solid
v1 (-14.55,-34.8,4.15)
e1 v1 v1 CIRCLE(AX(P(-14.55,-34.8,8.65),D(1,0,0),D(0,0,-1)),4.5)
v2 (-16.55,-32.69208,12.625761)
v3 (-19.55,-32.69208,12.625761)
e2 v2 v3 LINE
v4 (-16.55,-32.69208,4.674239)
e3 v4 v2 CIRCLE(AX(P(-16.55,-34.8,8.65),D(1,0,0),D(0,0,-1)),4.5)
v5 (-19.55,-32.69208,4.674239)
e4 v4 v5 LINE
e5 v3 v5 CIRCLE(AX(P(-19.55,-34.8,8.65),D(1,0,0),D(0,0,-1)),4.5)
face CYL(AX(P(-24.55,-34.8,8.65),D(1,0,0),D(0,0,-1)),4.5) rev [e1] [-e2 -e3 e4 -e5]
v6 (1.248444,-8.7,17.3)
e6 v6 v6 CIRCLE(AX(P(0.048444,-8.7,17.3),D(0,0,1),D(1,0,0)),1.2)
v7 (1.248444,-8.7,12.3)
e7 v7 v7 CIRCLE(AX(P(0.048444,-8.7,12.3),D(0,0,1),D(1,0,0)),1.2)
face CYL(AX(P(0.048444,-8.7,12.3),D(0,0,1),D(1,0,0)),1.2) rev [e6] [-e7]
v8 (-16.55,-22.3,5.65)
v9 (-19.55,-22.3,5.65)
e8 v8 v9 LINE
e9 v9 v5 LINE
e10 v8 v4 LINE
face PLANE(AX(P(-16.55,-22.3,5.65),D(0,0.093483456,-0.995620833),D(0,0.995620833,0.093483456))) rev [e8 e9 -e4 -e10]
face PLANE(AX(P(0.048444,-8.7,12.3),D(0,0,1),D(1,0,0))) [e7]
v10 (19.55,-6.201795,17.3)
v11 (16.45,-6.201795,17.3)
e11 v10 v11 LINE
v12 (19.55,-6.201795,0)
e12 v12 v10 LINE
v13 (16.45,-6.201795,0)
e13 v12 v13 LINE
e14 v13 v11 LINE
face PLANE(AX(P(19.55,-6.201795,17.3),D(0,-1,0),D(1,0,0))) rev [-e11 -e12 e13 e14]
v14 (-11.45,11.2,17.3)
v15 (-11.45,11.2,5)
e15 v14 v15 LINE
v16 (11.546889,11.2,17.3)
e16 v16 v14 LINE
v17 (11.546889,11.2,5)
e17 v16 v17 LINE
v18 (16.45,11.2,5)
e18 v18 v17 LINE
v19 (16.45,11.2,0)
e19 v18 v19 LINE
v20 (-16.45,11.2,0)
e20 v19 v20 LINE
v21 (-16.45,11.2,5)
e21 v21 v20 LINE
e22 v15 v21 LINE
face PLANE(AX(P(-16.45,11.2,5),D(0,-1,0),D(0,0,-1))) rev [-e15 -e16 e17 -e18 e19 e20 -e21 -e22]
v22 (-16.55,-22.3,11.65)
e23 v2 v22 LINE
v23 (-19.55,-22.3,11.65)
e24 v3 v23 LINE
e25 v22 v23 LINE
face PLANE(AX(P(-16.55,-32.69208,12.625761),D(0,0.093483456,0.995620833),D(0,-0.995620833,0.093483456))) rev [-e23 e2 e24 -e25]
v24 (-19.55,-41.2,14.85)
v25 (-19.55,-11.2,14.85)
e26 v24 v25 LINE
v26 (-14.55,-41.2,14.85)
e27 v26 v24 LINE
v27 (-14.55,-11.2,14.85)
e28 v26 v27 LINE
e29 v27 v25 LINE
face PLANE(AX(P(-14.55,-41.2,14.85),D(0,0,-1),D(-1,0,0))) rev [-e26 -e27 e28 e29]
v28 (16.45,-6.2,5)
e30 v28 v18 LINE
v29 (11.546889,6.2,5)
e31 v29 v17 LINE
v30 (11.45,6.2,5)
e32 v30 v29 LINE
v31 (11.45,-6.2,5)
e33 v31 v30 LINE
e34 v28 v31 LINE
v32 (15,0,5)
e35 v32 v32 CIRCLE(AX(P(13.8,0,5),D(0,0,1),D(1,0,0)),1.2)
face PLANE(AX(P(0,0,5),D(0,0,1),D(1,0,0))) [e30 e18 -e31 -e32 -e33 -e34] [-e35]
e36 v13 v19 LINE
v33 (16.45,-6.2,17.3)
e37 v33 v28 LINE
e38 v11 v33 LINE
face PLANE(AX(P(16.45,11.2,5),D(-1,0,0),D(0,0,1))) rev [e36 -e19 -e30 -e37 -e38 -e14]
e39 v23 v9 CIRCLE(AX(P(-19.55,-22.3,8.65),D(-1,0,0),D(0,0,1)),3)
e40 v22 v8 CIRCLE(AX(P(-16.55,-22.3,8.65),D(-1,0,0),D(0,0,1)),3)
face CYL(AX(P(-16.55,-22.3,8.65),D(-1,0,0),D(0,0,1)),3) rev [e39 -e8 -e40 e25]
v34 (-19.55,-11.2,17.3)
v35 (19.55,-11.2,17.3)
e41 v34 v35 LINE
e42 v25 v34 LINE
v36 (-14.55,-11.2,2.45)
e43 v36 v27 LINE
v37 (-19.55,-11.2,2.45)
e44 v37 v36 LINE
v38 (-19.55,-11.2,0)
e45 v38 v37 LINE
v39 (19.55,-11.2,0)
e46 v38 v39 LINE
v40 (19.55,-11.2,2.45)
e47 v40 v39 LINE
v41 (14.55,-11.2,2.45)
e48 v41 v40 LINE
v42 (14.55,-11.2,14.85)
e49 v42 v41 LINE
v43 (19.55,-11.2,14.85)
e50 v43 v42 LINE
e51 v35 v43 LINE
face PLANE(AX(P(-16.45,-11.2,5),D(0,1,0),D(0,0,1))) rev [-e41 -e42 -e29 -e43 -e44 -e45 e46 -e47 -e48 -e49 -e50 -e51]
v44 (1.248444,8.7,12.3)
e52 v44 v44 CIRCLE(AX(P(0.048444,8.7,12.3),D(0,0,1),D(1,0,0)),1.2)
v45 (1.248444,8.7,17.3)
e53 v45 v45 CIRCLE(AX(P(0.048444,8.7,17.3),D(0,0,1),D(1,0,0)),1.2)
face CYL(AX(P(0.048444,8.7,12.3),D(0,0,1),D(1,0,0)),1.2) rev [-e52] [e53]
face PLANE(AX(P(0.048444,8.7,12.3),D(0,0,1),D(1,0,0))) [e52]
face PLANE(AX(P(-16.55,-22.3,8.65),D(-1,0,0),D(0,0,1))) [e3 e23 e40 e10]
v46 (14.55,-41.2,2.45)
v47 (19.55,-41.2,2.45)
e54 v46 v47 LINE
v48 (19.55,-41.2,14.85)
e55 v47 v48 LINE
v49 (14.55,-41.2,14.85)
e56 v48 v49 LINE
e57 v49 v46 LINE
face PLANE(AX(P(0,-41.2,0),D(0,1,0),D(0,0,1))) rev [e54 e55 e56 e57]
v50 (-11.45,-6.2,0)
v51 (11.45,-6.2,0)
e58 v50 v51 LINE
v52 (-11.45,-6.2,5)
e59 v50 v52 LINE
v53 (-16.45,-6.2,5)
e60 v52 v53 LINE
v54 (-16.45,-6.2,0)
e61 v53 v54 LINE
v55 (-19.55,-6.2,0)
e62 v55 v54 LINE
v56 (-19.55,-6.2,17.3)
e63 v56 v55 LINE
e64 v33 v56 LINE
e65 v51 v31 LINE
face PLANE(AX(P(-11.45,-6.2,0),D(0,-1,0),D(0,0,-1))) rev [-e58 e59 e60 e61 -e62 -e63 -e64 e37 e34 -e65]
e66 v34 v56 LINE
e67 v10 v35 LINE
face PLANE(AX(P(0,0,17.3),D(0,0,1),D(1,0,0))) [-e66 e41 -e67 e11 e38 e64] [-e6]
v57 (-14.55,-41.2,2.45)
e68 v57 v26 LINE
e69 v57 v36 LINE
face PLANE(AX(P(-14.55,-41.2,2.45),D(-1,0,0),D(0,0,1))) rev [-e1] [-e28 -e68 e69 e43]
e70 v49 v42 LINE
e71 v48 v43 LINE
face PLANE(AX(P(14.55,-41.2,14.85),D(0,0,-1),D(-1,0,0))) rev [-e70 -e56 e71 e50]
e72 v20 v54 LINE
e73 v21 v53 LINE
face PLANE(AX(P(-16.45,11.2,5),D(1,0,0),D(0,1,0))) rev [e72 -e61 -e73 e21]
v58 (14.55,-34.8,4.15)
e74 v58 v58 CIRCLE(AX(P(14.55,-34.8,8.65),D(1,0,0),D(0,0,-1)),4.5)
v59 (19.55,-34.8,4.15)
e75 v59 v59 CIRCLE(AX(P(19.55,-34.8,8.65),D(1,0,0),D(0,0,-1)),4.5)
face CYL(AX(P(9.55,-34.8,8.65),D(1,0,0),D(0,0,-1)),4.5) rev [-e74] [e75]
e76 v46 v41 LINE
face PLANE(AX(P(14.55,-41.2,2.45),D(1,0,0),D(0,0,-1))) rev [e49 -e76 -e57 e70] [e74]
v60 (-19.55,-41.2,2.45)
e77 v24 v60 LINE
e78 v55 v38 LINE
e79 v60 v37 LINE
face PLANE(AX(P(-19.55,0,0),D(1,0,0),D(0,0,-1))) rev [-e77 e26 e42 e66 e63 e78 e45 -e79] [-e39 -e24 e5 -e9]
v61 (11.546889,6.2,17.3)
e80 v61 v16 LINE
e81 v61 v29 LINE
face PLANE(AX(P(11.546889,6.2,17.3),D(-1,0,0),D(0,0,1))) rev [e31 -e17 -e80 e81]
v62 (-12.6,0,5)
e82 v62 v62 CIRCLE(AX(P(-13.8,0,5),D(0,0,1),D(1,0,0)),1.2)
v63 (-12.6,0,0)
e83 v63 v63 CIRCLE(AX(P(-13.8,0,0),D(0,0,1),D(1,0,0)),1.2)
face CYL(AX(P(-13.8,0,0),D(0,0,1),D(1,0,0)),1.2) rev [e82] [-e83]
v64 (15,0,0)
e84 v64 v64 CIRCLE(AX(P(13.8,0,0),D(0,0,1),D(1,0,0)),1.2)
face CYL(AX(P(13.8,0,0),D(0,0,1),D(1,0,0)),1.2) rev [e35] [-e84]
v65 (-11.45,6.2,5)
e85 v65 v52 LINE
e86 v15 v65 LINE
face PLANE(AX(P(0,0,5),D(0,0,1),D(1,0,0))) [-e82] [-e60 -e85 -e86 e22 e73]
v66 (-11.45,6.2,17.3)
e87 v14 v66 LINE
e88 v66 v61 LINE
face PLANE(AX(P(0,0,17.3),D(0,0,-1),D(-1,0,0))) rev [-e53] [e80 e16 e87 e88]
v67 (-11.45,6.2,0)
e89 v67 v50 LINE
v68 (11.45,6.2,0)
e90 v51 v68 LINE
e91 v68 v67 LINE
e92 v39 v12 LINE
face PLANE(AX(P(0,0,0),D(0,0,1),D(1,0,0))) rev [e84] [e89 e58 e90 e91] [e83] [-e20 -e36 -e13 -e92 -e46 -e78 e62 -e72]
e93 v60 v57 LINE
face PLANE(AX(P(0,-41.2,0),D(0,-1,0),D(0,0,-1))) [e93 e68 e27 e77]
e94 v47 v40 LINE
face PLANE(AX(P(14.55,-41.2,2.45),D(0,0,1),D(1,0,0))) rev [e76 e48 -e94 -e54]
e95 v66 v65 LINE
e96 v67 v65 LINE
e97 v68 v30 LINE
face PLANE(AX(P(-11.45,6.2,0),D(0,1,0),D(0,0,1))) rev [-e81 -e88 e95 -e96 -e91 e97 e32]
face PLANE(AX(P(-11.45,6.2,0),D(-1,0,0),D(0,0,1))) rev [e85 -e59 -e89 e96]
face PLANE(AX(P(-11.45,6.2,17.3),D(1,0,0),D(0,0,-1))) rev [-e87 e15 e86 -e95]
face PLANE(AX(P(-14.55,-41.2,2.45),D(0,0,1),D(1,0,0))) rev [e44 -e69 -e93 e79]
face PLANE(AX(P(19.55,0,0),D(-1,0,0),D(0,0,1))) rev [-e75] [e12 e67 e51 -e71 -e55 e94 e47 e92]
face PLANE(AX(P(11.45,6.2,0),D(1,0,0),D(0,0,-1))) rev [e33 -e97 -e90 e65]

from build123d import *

# Parameters (mm, degrees)
SKETCH1_W           = 32.9
SKETCH1_H           = 22.4
BOSS_EXTRUDE1_DEPTH = 5
SKETCH2_R           = 1.2
SKETCH2_W           = 22.9
SKETCH2_H           = 12.4
CUT_EXTRUDE2_DEPTH  = 5
SKETCH3_W           = 22.996888994
SKETCH3_H           = 5
BOSS_EXTRUDE2_DEPTH = 12.3
SKETCH4_R           = 1.2
CUT_EXTRUDE3_DEPTH  = 5
SKETCH6_W           = 5
SKETCH6_H           = 5
SKETCH6_W_2         = 4.903111006
BOSS_EXTRUDE3_DEPTH = 12.3
SKETCH8_W           = 17.3
SKETCH8_H           = 4.998204887
BOSS_EXTRUDE4_DEPTH = 3.1
SKETCH9_W           = 17.3
SKETCH9_H           = 5
BOSS_EXTRUDE5_DEPTH = 3.1
SKETCH18_W          = 5
SKETCH18_H          = 12.4
BOSS_EXTRUDE7_DEPTH = 30
SKETCH19_R          = 4.5
CUT_EXTRUDE6_DEPTH  = 30
SKETCH20_R          = 4.5
CUT_EXTRUDE7_DEPTH  = 30
SKETCH10_W          = 5
SKETCH10_H          = 12.4
BOSS_EXTRUDE6_DEPTH = 30
SKETCH21_R          = 4.5
CUT_EXTRUDE8_DEPTH  = 10
SKETCH22_R          = 4.5
CUT_EXTRUDE9_DEPTH  = 10
CUT_EXTRUDE10_DEPTH = 3


with BuildPart() as part:
    # Sketch1 → Boss-Extrude1 (new body)
    with BuildSketch(Plane.XY):
        Rectangle(SKETCH1_W, SKETCH1_H)
    extrude(amount=BOSS_EXTRUDE1_DEPTH)

    # Sketch2 → Cut-Extrude2 (cut)
    with BuildSketch(Plane.XY.offset(5)):
        with Locations((13.8, 0)):
            Circle(SKETCH2_R)
        with Locations((-13.8, 0)):
            Circle(SKETCH2_R)
        Rectangle(SKETCH2_W, SKETCH2_H)
    extrude(amount=-CUT_EXTRUDE2_DEPTH, mode=Mode.SUBTRACT)

    # Sketch3 → Boss-Extrude2 (add)
    with BuildSketch(Plane.XY.offset(5)):
        with Locations((0.048444497, 8.7)):
            Rectangle(SKETCH3_W, SKETCH3_H)
        with Locations((0.048444497, -8.7)):
            Rectangle(SKETCH3_W, SKETCH3_H)
    extrude(amount=BOSS_EXTRUDE2_DEPTH)

    # Sketch4 → Cut-Extrude3 (cut)
    with BuildSketch(Plane.XY.offset(17.3)):
        with Locations((0.048444497, 8.7)):
            Circle(SKETCH4_R)
        with Locations((0.048444497, -8.7)):
            Circle(SKETCH4_R)
    extrude(amount=-CUT_EXTRUDE3_DEPTH, mode=Mode.SUBTRACT)

    # Sketch6 → Boss-Extrude3 (add)
    with BuildSketch(Plane.XY.offset(5)):
        with Locations((-13.95, -8.7)):
            Rectangle(SKETCH6_W, SKETCH6_H)
        with Locations((13.998444497, -8.7)):
            Rectangle(SKETCH6_W_2, SKETCH6_H)
    extrude(amount=BOSS_EXTRUDE3_DEPTH)

    # Sketch8 → Boss-Extrude4 (add)
    with BuildSketch(Plane(origin=(16.45, 0, 0), x_dir=(0, 0, -1), z_dir=(1, 0, 0))):
        with Locations((-8.65, -8.700897557)):
            Rectangle(SKETCH8_W, SKETCH8_H)
    extrude(amount=BOSS_EXTRUDE4_DEPTH)

    # Sketch9 → Boss-Extrude5 (add)
    with BuildSketch(Plane.ZY.offset(16.45)):
        with Locations((8.65, -8.7)):
            Rectangle(SKETCH9_W, SKETCH9_H)
    extrude(amount=BOSS_EXTRUDE5_DEPTH)

    # Sketch18 → Boss-Extrude7 (add)
    with BuildSketch(Plane.XZ.offset(11.2)):
        with Locations((-17.05, 8.65)):
            Rectangle(SKETCH18_W, SKETCH18_H)
        with Locations((17.05, 8.65)):
            Rectangle(SKETCH18_W, SKETCH18_H)
    extrude(amount=BOSS_EXTRUDE7_DEPTH)

    # Sketch19 → Cut-Extrude6 (cut)
    with BuildSketch(Plane.ZY.offset(19.55)):
        with Locations((8.65, -34.8)):
            Circle(SKETCH19_R)
    extrude(amount=-CUT_EXTRUDE6_DEPTH, mode=Mode.SUBTRACT)

    # Sketch20 → Cut-Extrude7 (cut)
    with BuildSketch(Plane(origin=(19.55, 0, 0), x_dir=(0, 0, -1), z_dir=(1, 0, 0))):
        with Locations((-8.65, -34.8)):
            Circle(SKETCH20_R)
    extrude(amount=-CUT_EXTRUDE7_DEPTH, mode=Mode.SUBTRACT)

    # Sketch10 → Boss-Extrude6 (add)
    with BuildSketch(Plane.XZ.offset(11.2)):
        with Locations((17.05, 8.65)):
            Rectangle(SKETCH10_W, SKETCH10_H)
        with Locations((-17.05, 8.65)):
            Rectangle(SKETCH10_W, SKETCH10_H)
    extrude(amount=BOSS_EXTRUDE6_DEPTH)

    # Sketch21 → Cut-Extrude8 (cut)
    with BuildSketch(Plane(origin=(19.55, 0, 0), x_dir=(0, 0, -1), z_dir=(1, 0, 0))):
        with Locations((-8.65, -34.8)):
            Circle(SKETCH21_R)
    extrude(amount=-CUT_EXTRUDE8_DEPTH, mode=Mode.SUBTRACT)

    # Sketch22 → Cut-Extrude9 (cut)
    with BuildSketch(Plane(origin=(-14.55, 0, 0), x_dir=(0, 0, -1), z_dir=(1, 0, 0))):
        with Locations((-8.65, -34.8)):
            Circle(SKETCH22_R)
    extrude(amount=-CUT_EXTRUDE9_DEPTH, mode=Mode.SUBTRACT)

    # Sketch23 → Cut-Extrude10 (cut)
    with BuildSketch(Plane.ZY.offset(19.55)):
        with BuildLine():
            Line((5.65, -22.3), (4.674239456, -32.692079676))
            ThreePointArc((4.674239456, -32.692079676), (8.65, -30.3), (12.625760544, -32.692079676))
            Line((12.625760544, -32.692079676), (11.65, -22.3))
            ThreePointArc((11.65, -22.3), (8.65, -19.3), (5.65, -22.3))
        make_face()
    extrude(amount=-CUT_EXTRUDE10_DEPTH, mode=Mode.SUBTRACT)


solid = part.part
